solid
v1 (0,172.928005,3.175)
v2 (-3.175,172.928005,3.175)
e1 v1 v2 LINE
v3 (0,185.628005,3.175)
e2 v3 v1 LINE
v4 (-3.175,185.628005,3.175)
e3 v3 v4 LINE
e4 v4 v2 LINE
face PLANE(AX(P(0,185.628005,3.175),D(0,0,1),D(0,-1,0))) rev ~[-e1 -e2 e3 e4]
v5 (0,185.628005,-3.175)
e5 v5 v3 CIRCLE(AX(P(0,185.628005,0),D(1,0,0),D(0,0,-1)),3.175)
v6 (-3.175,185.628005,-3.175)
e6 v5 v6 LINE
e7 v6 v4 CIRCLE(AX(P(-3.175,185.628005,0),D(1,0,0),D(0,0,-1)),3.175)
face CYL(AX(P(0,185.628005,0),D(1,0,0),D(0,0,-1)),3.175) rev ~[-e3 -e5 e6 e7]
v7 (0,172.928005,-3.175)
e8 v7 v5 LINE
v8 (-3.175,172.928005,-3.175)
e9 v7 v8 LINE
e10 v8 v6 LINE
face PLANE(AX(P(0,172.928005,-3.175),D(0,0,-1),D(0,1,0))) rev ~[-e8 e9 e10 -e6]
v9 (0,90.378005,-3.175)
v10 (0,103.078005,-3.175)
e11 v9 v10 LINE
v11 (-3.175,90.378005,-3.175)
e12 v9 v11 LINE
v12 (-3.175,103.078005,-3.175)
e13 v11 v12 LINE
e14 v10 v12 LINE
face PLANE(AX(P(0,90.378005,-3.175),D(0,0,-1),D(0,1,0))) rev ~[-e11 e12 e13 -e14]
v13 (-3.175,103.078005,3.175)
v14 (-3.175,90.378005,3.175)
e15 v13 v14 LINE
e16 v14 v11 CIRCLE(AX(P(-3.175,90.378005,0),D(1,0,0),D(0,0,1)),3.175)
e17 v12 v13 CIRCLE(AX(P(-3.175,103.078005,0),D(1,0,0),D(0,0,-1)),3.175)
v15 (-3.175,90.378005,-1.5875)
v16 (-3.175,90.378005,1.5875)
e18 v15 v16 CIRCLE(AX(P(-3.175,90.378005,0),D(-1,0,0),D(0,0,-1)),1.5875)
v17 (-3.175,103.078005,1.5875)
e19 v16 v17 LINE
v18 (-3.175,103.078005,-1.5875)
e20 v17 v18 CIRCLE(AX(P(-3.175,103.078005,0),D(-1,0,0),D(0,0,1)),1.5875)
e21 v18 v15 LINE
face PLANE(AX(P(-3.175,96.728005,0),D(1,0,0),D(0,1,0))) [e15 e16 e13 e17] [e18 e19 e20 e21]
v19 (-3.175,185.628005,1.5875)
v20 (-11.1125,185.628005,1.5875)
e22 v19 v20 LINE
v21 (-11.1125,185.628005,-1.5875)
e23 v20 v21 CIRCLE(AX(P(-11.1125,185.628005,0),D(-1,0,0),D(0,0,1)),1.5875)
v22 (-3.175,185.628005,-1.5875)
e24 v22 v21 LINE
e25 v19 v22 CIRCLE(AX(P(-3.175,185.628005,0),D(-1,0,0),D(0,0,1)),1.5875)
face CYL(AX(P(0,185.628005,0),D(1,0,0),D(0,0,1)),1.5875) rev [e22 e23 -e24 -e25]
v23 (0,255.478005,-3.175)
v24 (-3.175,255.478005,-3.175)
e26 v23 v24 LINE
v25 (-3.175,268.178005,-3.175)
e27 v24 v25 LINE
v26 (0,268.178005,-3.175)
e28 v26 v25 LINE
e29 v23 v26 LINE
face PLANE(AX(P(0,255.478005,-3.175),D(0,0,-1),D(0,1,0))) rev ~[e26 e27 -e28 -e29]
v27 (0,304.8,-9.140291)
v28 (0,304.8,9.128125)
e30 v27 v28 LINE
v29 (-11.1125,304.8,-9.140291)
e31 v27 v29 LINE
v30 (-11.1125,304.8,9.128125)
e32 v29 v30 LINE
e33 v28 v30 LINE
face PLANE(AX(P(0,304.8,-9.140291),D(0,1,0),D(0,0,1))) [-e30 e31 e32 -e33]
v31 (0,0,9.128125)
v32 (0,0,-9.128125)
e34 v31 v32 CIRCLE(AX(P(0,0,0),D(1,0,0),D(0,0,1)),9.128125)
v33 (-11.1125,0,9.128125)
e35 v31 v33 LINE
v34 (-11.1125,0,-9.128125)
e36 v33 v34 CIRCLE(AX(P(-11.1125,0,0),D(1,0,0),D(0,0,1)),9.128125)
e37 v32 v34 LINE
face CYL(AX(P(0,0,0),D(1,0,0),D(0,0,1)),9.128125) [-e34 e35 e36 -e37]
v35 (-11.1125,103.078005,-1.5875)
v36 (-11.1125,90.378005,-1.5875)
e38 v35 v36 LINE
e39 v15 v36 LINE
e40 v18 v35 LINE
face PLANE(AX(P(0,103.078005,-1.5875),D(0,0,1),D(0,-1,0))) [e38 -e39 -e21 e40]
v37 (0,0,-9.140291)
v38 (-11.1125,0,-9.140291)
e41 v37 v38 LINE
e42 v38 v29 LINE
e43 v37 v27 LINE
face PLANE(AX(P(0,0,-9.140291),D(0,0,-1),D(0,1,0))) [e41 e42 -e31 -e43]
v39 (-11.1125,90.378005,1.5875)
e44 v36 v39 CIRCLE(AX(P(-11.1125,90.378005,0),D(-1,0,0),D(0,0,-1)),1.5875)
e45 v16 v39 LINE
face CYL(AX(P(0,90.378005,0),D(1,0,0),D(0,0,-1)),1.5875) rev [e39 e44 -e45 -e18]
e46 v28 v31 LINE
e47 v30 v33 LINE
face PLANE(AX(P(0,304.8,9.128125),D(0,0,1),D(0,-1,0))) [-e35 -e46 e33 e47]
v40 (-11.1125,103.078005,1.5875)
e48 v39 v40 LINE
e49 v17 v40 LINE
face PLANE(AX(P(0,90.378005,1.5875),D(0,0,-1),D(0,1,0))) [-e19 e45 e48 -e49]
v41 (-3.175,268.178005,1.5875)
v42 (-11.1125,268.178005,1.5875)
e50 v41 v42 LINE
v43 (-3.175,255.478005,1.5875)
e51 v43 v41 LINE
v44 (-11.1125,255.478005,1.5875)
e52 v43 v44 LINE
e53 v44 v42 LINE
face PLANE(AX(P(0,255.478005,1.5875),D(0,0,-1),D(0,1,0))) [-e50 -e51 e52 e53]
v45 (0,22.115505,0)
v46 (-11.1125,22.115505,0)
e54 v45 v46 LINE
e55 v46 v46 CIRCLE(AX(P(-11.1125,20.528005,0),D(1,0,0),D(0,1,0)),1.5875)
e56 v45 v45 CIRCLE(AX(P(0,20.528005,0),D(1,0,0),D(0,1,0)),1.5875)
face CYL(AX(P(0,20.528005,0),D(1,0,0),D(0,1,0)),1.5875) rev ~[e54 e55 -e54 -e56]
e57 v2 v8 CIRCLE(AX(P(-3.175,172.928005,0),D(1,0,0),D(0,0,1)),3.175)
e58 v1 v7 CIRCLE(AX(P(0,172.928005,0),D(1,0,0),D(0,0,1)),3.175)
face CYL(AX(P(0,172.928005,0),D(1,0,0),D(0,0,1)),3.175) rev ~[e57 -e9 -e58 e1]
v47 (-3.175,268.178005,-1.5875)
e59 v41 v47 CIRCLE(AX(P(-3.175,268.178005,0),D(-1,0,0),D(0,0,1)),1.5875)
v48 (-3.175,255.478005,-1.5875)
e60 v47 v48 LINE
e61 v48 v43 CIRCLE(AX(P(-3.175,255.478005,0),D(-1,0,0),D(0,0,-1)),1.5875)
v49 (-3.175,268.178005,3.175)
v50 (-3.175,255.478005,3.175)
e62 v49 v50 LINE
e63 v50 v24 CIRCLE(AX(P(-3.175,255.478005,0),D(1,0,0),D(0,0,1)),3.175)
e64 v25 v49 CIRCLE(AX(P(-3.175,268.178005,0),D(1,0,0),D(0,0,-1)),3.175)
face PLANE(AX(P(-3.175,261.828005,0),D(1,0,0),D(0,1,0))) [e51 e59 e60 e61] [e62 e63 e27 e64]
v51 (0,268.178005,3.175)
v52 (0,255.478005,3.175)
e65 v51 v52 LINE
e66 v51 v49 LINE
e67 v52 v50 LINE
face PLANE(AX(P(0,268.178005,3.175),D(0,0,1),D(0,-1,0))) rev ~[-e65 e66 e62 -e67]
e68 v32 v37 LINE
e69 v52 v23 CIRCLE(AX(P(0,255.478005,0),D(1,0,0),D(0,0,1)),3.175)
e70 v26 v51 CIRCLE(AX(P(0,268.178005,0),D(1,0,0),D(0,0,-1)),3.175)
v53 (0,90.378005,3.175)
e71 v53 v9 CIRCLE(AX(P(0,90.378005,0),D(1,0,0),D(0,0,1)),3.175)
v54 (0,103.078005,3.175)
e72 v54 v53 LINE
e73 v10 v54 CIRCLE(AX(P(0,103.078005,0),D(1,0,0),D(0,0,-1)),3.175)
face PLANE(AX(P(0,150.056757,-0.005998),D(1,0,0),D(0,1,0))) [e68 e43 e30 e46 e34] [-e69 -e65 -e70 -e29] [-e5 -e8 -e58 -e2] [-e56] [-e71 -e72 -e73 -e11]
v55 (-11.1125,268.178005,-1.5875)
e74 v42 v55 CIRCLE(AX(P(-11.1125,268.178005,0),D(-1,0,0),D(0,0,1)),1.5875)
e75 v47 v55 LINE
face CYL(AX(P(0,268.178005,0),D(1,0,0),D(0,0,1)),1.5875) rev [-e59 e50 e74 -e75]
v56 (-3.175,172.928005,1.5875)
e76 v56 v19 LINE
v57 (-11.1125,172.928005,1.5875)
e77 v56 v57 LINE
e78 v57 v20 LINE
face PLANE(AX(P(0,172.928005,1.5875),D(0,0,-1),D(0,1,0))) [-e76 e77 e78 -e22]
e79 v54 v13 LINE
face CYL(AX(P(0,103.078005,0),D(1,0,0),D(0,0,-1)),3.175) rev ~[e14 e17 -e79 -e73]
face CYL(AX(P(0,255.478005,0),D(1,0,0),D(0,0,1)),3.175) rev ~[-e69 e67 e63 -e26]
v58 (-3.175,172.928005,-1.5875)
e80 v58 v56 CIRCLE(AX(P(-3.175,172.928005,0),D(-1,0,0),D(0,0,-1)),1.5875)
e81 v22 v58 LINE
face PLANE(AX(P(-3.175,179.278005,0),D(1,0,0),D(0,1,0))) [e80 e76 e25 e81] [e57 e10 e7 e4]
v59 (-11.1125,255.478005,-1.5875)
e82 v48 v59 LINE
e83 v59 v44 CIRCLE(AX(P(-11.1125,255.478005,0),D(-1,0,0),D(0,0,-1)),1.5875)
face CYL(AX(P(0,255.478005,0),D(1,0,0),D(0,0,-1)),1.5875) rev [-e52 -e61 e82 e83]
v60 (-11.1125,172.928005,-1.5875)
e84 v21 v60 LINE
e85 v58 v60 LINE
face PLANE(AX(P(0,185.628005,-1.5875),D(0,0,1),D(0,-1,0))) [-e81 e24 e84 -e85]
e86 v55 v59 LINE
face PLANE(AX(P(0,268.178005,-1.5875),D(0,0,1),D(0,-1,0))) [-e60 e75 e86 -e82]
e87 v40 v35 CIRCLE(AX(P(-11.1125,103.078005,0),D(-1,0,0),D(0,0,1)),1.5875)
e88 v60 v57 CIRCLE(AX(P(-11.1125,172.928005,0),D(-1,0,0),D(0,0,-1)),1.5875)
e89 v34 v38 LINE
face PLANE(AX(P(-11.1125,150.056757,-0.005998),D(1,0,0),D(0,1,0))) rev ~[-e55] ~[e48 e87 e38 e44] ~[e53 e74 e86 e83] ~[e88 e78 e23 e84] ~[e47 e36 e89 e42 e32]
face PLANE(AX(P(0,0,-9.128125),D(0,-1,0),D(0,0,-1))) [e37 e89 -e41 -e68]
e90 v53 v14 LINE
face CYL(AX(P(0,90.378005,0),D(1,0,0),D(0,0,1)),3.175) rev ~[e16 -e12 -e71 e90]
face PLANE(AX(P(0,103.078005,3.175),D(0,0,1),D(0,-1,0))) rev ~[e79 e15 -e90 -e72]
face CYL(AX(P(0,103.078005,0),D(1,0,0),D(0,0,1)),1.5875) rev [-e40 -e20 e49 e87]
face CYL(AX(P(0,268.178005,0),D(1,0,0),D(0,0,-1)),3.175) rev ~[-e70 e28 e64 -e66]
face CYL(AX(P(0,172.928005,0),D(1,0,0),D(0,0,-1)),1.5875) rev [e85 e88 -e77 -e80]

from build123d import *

# Parameters (mm, degrees)
F0_R     = 1.5875
F1_DEPTH = 11.1125
F2_DEPTH = 3.175


with BuildPart() as f1:
    # F0 (on Right) → F1 (new body)
    with BuildSketch(Plane.YZ):
        with BuildLine():
            Line((304.8, 9.128125), (0, 9.128125))
            ThreePointArc((0, 9.128125), (-9.128125, 0), (0, -9.128125))
            Line((0, -9.128125), (0, -9.140291))
            Line((0, -9.140291), (304.8, -9.140291))
            Line((304.8, -9.140291), (304.8, 9.128125))
        make_face()
        with Locations((20.528005, 0)):
            Circle(F0_R, mode=Mode.SUBTRACT)
        with BuildLine():
            Line((103.078005, -3.175), (90.378005, -3.175))
            ThreePointArc((90.378005, -3.175), (87.203005, 0), (90.378005, 3.175))
            Line((90.378005, 3.175), (103.078005, 3.175))
            ThreePointArc((103.078005, 3.175), (106.253005, 0), (103.078005, -3.175))
        make_face(mode=Mode.SUBTRACT)
        with BuildLine():
            Line((185.628005, -3.175), (172.928005, -3.175))
            ThreePointArc((172.928005, -3.175), (169.753005, 0), (172.928005, 3.175))
            Line((172.928005, 3.175), (185.628005, 3.175))
            ThreePointArc((185.628005, 3.175), (188.803005, 0), (185.628005, -3.175))
        make_face(mode=Mode.SUBTRACT)
        with BuildLine():
            Line((268.178005, -3.175), (255.478005, -3.175))
            ThreePointArc((255.478005, -3.175), (252.303005, 0), (255.478005, 3.175))
            Line((255.478005, 3.175), (268.178005, 3.175))
            ThreePointArc((268.178005, 3.175), (271.353005, 0), (268.178005, -3.175))
        make_face(mode=Mode.SUBTRACT)
        with BuildLine():
            ThreePointArc((90.378005, 3.175), (87.203005, 0), (90.378005, -3.175))
            Line((90.378005, -3.175), (103.078005, -3.175))
            ThreePointArc((103.078005, -3.175), (106.253005, 0), (103.078005, 3.175))
            Line((103.078005, 3.175), (90.378005, 3.175))
        make_face()
        with BuildLine():
            Line((103.078005, -1.5875), (90.378005, -1.5875))
            ThreePointArc((90.378005, -1.5875), (88.790505, 0), (90.378005, 1.5875))
            Line((90.378005, 1.5875), (103.078005, 1.5875))
            ThreePointArc((103.078005, 1.5875), (104.665505, 0), (103.078005, -1.5875))
        make_face(mode=Mode.SUBTRACT)
        with BuildLine():
            ThreePointArc((255.478005, 3.175), (252.303005, 0), (255.478005, -3.175))
            Line((255.478005, -3.175), (268.178005, -3.175))
            ThreePointArc((268.178005, -3.175), (271.353005, 0), (268.178005, 3.175))
            Line((268.178005, 3.175), (255.478005, 3.175))
        make_face()
        with BuildLine():
            Line((268.178005, -1.5875), (255.478005, -1.5875))
            ThreePointArc((255.478005, -1.5875), (253.890505, 0), (255.478005, 1.5875))
            Line((255.478005, 1.5875), (268.178005, 1.5875))
            ThreePointArc((268.178005, 1.5875), (269.765505, 0), (268.178005, -1.5875))
        make_face(mode=Mode.SUBTRACT)
        with BuildLine():
            ThreePointArc((172.928005, 3.175), (169.753005, 0), (172.928005, -3.175))
            Line((172.928005, -3.175), (185.628005, -3.175))
            ThreePointArc((185.628005, -3.175), (188.803005, 0), (185.628005, 3.175))
            Line((185.628005, 3.175), (172.928005, 3.175))
        make_face()
        with BuildLine():
            Line((185.628005, -1.5875), (172.928005, -1.5875))
            ThreePointArc((172.928005, -1.5875), (171.340505, 0), (172.928005, 1.5875))
            Line((172.928005, 1.5875), (185.628005, 1.5875))
            ThreePointArc((185.628005, 1.5875), (187.215505, 0), (185.628005, -1.5875))
        make_face(mode=Mode.SUBTRACT)
    extrude(amount=-F1_DEPTH)

    # F0 (on Right) → F2 (cut)
    with BuildSketch(Plane.YZ):
        with BuildLine():
            ThreePointArc((90.378005, 3.175), (87.203005, 0), (90.378005, -3.175))
            Line((90.378005, -3.175), (103.078005, -3.175))
            ThreePointArc((103.078005, -3.175), (106.253005, 0), (103.078005, 3.175))
            Line((103.078005, 3.175), (90.378005, 3.175))
        make_face()
        with BuildLine():
            Line((103.078005, -1.5875), (90.378005, -1.5875))
            ThreePointArc((90.378005, -1.5875), (88.790505, 0), (90.378005, 1.5875))
            Line((90.378005, 1.5875), (103.078005, 1.5875))
            ThreePointArc((103.078005, 1.5875), (104.665505, 0), (103.078005, -1.5875))
        make_face(mode=Mode.SUBTRACT)
        with BuildLine():
            ThreePointArc((172.928005, 3.175), (169.753005, 0), (172.928005, -3.175))
            Line((172.928005, -3.175), (185.628005, -3.175))
            ThreePointArc((185.628005, -3.175), (188.803005, 0), (185.628005, 3.175))
            Line((185.628005, 3.175), (172.928005, 3.175))
        make_face()
        with BuildLine():
            Line((185.628005, -1.5875), (172.928005, -1.5875))
            ThreePointArc((172.928005, -1.5875), (171.340505, 0), (172.928005, 1.5875))
            Line((172.928005, 1.5875), (185.628005, 1.5875))
            ThreePointArc((185.628005, 1.5875), (187.215505, 0), (185.628005, -1.5875))
        make_face(mode=Mode.SUBTRACT)
        with BuildLine():
            ThreePointArc((255.478005, 3.175), (252.303005, 0), (255.478005, -3.175))
            Line((255.478005, -3.175), (268.178005, -3.175))
            ThreePointArc((268.178005, -3.175), (271.353005, 0), (268.178005, 3.175))
            Line((268.178005, 3.175), (255.478005, 3.175))
        make_face()
        with BuildLine():
            Line((268.178005, -1.5875), (255.478005, -1.5875))
            ThreePointArc((255.478005, -1.5875), (253.890505, 0), (255.478005, 1.5875))
            Line((255.478005, 1.5875), (268.178005, 1.5875))
            ThreePointArc((268.178005, 1.5875), (269.765505, 0), (268.178005, -1.5875))
        make_face(mode=Mode.SUBTRACT)
    extrude(amount=-F2_DEPTH, mode=Mode.SUBTRACT)


solid = f1.part
